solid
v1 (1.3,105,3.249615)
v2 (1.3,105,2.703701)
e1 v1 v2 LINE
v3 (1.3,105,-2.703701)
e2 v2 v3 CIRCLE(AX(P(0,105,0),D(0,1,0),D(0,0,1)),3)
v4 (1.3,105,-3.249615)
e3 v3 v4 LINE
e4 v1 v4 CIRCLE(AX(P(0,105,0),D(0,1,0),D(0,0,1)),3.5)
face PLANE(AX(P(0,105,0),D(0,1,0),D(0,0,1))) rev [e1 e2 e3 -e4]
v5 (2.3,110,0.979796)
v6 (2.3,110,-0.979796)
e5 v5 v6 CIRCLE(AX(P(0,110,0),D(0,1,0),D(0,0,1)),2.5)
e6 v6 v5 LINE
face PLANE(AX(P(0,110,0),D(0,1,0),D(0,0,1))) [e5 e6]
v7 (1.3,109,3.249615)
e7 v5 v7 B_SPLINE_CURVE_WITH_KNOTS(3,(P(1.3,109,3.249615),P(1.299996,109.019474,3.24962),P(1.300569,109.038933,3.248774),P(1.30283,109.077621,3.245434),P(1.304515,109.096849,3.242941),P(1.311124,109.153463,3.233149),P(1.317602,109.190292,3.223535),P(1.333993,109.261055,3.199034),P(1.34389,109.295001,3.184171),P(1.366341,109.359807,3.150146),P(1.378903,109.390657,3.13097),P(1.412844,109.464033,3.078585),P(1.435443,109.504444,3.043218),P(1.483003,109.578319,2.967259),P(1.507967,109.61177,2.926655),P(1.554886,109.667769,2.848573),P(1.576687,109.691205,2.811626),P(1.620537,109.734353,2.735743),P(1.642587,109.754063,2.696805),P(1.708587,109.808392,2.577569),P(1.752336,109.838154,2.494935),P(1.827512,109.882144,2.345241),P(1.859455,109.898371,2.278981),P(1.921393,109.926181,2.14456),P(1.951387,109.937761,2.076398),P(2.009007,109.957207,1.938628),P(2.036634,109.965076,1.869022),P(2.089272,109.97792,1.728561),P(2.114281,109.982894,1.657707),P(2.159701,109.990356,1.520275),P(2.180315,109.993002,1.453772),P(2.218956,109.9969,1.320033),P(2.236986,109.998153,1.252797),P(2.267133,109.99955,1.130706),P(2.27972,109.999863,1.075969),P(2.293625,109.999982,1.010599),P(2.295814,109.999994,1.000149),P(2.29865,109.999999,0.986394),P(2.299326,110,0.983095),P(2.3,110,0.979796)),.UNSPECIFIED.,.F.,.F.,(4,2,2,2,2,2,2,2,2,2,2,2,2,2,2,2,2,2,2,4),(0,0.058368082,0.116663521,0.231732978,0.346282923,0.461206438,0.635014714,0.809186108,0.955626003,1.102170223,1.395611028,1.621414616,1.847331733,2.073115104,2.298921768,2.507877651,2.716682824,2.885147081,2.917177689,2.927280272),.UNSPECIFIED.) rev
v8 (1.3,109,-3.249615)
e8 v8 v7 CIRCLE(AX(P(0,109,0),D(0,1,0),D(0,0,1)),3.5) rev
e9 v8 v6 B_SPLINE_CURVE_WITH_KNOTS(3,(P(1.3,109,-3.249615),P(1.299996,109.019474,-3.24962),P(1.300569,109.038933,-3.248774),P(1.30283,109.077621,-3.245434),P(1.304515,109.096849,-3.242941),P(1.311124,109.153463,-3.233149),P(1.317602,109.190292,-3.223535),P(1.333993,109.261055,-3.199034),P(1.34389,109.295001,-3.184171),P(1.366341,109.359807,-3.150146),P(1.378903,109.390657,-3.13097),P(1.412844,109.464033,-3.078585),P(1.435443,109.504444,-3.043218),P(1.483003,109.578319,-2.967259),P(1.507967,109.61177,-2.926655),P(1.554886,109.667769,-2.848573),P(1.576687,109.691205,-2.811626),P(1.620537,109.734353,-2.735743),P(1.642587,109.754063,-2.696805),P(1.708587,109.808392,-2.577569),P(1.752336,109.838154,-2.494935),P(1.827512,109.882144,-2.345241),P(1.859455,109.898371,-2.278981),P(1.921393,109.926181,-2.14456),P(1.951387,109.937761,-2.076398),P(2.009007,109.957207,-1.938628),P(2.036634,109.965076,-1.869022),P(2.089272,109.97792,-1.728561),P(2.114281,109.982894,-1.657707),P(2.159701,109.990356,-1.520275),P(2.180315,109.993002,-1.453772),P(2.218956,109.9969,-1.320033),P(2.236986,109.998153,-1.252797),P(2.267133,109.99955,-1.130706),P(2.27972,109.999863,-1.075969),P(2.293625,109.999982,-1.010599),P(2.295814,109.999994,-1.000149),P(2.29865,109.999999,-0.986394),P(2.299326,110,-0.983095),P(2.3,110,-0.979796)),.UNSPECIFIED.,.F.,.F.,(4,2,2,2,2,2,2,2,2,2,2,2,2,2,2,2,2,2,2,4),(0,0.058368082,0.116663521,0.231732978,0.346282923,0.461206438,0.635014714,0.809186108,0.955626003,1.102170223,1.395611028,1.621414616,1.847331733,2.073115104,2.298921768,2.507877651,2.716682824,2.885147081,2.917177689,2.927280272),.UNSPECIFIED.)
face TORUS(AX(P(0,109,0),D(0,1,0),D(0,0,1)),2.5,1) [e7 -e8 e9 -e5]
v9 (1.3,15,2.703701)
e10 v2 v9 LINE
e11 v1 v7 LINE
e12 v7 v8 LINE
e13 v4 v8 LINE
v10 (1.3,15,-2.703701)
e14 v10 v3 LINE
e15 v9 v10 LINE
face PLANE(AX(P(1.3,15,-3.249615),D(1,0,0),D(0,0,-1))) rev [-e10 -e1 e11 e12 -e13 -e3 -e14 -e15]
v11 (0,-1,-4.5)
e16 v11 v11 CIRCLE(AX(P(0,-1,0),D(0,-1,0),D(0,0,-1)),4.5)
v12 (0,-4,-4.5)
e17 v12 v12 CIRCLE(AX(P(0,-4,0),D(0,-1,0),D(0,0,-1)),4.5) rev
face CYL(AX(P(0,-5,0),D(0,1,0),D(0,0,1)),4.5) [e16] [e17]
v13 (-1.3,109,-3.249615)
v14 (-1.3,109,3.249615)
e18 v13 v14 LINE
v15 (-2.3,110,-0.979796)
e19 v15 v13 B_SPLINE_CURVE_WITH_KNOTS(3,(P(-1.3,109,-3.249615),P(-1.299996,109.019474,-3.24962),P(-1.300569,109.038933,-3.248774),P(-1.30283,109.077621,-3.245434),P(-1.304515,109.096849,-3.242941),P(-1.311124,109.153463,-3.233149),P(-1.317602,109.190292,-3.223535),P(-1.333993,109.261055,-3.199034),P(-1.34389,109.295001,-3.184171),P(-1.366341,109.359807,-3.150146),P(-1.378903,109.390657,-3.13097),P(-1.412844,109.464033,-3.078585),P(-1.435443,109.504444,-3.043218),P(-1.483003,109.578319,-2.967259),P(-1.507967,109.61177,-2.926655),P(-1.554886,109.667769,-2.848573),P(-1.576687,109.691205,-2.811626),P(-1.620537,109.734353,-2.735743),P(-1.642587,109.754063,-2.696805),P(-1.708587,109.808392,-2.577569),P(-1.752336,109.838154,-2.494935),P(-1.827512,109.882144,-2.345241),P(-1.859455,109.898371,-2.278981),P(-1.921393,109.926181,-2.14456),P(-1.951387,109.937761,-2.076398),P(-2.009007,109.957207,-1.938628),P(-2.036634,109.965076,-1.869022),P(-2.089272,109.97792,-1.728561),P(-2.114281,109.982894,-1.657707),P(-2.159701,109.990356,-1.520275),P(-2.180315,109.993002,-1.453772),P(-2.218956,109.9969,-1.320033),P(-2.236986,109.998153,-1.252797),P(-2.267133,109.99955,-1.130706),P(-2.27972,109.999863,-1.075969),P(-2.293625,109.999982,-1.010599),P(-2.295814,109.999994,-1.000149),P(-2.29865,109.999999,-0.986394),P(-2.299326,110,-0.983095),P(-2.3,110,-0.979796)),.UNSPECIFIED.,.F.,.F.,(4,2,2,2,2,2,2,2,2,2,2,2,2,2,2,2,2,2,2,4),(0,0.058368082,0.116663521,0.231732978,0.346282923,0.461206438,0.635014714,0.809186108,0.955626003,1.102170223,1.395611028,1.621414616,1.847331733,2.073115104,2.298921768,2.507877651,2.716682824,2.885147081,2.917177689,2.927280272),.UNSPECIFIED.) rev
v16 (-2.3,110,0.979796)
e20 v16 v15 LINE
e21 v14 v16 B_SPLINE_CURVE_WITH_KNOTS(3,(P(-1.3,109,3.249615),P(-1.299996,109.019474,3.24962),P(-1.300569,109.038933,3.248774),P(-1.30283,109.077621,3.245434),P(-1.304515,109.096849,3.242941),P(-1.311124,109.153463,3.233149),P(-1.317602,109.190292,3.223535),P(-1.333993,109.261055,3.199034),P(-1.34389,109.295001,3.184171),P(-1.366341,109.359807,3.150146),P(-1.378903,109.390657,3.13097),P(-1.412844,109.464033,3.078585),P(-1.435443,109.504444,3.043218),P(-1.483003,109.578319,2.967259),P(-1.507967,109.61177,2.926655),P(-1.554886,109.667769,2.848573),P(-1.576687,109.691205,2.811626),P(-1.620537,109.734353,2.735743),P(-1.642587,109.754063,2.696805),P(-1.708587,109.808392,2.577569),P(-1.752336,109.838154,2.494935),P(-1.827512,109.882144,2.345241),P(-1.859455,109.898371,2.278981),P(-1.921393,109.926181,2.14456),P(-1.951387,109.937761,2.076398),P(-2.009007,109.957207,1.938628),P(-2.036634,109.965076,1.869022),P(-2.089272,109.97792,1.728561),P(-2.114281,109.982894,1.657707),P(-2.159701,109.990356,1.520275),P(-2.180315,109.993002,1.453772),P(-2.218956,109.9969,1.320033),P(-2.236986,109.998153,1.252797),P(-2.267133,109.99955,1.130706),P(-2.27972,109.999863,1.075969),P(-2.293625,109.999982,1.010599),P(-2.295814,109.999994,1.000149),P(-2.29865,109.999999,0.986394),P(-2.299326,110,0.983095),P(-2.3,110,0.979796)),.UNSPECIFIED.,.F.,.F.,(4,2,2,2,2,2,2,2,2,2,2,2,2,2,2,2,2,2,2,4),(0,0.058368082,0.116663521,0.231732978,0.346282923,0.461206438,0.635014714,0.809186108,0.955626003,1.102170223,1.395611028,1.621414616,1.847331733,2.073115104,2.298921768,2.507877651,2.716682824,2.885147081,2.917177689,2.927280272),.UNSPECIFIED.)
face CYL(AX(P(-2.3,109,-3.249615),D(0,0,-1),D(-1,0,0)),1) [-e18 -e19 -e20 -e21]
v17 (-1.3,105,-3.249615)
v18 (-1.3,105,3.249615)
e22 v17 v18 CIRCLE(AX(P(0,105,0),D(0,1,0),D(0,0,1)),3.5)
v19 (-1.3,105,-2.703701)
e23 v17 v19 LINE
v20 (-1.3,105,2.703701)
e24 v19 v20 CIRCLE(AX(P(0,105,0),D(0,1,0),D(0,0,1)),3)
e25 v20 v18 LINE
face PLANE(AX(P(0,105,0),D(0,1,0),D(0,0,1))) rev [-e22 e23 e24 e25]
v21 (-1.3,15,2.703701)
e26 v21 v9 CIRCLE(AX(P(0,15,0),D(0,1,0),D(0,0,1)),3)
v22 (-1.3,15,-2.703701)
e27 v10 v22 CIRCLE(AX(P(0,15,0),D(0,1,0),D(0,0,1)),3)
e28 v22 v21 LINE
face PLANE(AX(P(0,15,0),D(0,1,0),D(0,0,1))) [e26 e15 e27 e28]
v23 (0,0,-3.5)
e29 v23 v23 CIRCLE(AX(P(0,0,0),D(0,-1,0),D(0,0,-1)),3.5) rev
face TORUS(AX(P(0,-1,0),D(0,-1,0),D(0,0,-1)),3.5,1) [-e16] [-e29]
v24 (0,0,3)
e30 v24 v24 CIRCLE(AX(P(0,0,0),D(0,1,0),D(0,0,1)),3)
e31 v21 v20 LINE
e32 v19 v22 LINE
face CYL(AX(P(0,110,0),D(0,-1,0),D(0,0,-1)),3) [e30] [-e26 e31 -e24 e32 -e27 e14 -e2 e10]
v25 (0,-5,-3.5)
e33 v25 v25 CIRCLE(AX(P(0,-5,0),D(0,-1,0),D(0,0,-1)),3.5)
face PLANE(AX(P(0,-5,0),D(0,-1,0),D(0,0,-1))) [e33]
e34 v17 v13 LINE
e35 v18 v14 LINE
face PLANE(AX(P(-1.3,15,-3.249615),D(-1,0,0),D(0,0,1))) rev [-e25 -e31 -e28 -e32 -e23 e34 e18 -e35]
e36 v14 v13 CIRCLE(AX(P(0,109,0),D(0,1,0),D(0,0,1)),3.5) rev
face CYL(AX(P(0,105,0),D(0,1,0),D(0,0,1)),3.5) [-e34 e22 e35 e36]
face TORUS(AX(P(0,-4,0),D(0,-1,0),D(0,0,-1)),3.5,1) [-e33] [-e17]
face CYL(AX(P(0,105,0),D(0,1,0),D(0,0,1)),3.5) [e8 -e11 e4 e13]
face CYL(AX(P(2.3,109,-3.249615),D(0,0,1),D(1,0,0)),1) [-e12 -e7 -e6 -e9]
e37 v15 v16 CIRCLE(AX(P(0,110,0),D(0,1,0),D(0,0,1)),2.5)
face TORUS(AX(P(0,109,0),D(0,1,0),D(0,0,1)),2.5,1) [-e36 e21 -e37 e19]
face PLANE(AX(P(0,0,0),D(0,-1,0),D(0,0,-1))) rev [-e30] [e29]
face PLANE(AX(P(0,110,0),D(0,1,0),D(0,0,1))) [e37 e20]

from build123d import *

# Parameters (mm, degrees)
SKETCH1_R           = 3
BOSS_EXTRUDE1_DEPTH = 110
SKETCH2_R           = 4.5
BOSS_EXTRUDE2_DEPTH = 5
FILLET1_R           = 1
BOSS_EXTRUDE3_START = -5
SKETCH3_R           = 3.5
SKETCH3_R_2         = 3
BOSS_EXTRUDE3_DEPTH = 5
CUT_EXTRUDE1_START  = -95
CUT_EXTRUDE1_DEPTH  = 95
FILLET2_R           = 1


with BuildPart() as part:
    # Sketch1 → Boss-Extrude1 (new body)
    with BuildSketch(Plane(origin=(0, 0, 0), x_dir=(1, 0, 0), z_dir=(0, 1, 0))):
        Circle(SKETCH1_R)
    extrude(amount=BOSS_EXTRUDE1_DEPTH)

    # Sketch2 → Boss-Extrude2 (add)
    with BuildSketch(Plane.XZ):
        Circle(SKETCH2_R)
    extrude(amount=BOSS_EXTRUDE2_DEPTH)

    # Fillet1
    fillet1_edges = [part.edges().sort_by_distance(p)[0] for p in [
        (-4.5, 0, 0),
        (-4.5, -5, 0),
    ]]
    fillet(fillet1_edges, radius=FILLET1_R)

    # Sketch3 → Boss-Extrude3 (add)
    with BuildSketch(Plane(origin=(0, 110, 0), x_dir=(1, 0, 0), z_dir=(0, 1, 0)).offset(BOSS_EXTRUDE3_START)):
        Circle(SKETCH3_R)
        Circle(SKETCH3_R_2, mode=Mode.SUBTRACT)
    extrude(amount=BOSS_EXTRUDE3_DEPTH)

    # Sketch4 → Cut-Extrude1 (cut)
    with BuildSketch(Plane(origin=(0, 110, 0), x_dir=(1, 0, 0), z_dir=(0, 1, 0)).offset(CUT_EXTRUDE1_START)):
        with BuildLine():
            Line((-1.3, 3.249615362), (-1.3, -3.249615362))
            ThreePointArc((-1.3, -3.249615362), (0, -3.5), (1.3, -3.249615362))
            Line((1.3, -3.249615362), (1.3, 3.249615362))
            ThreePointArc((1.3, 3.249615362), (0, 3.5), (-1.3, 3.249615362))
        make_face()
    extrude(amount=CUT_EXTRUDE1_DEPTH, mode=Mode.SUBTRACT)

    # Fillet2
    fillet2_edges = [part.edges().sort_by_distance(p)[0] for p in [
        (1.3, 110, 0),
        (-1.3, 110, 0),
        (3.5, 110, 0),
        (-3.5, 110, 0),
    ]]
    fillet(fillet2_edges, radius=FILLET2_R)


solid = part.part
